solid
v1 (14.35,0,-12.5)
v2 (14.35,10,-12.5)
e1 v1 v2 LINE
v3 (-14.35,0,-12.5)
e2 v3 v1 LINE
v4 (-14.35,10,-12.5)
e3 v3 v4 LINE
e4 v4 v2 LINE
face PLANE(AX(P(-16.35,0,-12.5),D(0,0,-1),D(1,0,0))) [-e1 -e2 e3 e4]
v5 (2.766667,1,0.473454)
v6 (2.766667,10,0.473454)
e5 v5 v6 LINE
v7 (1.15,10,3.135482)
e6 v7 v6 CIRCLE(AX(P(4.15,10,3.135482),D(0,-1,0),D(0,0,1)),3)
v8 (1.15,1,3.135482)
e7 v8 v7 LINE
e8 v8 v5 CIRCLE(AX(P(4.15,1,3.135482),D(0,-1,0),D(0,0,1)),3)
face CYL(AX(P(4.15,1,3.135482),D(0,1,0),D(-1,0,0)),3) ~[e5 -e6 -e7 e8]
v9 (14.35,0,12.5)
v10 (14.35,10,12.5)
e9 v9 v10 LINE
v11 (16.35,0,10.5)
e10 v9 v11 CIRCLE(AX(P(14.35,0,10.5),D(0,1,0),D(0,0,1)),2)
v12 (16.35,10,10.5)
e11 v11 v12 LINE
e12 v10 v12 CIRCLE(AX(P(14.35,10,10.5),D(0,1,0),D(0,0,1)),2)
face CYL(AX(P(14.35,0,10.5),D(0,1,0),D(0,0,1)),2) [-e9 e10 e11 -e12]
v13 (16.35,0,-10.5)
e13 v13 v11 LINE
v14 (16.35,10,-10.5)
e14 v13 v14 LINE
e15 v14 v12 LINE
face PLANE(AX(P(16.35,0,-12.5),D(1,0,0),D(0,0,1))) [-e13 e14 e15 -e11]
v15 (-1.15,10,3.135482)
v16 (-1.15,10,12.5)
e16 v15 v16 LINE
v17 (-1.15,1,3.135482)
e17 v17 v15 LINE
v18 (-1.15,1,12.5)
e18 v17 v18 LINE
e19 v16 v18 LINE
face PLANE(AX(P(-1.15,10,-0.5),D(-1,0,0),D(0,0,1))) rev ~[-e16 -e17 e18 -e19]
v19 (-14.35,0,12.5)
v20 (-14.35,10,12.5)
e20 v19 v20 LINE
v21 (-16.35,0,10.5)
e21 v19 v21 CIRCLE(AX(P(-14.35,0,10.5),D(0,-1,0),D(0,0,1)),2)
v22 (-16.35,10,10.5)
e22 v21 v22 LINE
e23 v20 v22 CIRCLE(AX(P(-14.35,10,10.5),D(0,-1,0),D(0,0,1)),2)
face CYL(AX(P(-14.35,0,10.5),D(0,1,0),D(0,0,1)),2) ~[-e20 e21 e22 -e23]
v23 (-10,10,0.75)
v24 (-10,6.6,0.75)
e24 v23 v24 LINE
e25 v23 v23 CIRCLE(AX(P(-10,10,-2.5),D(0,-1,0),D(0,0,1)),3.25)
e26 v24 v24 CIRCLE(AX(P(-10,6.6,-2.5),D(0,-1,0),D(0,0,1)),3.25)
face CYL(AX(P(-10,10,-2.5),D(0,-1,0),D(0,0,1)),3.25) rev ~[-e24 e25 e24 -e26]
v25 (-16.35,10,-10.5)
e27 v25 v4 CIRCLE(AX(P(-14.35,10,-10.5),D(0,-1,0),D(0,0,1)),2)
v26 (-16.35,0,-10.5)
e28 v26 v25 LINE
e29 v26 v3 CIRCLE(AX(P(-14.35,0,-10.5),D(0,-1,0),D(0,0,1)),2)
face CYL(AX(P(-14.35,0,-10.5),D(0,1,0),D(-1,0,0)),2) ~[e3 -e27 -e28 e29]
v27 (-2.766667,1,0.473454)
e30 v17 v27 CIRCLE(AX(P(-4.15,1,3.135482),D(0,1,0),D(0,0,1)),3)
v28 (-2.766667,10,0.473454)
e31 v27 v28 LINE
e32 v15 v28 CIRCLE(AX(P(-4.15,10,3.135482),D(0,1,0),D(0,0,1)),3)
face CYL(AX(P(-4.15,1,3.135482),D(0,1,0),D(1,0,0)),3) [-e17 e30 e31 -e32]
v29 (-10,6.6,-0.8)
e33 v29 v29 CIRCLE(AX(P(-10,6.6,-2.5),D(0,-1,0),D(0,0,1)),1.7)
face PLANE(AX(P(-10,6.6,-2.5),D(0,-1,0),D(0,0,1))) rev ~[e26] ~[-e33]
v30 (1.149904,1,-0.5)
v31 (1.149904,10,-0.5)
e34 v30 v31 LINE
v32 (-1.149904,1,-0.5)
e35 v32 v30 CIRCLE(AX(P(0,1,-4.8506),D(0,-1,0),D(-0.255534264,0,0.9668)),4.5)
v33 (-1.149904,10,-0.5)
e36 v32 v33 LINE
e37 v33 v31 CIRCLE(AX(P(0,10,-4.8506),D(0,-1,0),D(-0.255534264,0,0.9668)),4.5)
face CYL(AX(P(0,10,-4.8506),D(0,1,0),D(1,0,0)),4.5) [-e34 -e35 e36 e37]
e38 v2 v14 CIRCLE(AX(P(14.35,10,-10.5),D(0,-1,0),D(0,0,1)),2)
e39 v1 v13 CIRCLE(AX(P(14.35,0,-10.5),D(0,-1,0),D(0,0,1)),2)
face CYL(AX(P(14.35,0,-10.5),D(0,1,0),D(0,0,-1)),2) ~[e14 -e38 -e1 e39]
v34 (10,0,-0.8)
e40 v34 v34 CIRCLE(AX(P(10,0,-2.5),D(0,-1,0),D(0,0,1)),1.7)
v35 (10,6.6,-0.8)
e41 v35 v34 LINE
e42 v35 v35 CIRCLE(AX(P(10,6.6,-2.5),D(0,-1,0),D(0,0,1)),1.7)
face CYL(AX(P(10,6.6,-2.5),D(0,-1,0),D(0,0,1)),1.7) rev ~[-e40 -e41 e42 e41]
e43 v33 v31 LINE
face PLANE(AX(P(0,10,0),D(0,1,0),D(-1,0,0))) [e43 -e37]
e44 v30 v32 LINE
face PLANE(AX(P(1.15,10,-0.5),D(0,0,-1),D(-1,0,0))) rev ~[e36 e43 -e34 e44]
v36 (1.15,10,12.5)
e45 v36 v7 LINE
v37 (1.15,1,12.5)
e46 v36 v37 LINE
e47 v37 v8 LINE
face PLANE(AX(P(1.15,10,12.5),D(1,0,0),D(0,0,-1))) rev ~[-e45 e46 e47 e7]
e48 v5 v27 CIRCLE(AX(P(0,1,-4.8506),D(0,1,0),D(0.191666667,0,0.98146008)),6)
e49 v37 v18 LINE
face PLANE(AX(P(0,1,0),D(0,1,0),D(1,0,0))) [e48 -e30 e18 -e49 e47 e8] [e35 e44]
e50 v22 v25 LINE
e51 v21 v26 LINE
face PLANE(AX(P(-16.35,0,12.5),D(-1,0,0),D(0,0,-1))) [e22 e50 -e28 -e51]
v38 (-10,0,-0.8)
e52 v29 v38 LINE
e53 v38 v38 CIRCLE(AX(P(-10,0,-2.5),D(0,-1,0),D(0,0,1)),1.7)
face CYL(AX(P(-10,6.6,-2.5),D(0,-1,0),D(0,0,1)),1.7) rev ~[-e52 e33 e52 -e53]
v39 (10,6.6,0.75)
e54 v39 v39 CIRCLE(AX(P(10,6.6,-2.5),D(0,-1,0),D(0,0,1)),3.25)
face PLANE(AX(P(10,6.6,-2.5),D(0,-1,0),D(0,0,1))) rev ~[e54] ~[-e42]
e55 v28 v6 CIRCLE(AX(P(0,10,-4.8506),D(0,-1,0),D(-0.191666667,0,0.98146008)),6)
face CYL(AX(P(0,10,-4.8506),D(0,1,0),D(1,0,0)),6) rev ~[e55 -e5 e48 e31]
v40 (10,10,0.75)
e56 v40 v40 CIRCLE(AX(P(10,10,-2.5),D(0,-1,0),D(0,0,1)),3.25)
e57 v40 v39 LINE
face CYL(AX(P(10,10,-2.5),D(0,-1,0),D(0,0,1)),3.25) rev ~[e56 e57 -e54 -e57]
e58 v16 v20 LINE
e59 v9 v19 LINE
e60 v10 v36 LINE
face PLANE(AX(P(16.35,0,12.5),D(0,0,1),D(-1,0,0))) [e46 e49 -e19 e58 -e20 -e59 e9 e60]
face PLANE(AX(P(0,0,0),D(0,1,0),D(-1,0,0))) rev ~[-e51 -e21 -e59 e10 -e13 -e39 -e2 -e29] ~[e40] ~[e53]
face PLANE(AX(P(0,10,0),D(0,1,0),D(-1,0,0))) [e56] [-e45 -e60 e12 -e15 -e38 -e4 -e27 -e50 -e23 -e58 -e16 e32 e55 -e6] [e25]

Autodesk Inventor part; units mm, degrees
ref_plane "YZ Plane" through (0, 0, 0) normal (1, 0, 0) x (0, 1, 0)
ref_plane "XZ Plane" through (0, 0, 0) normal (0, 1, 0) x (-1, 0, 0)
ref_plane "XY Plane" through (0, 0, 0) normal (0, 0, 1) x (1, 0, 0)
sketch "Skizze1" plane through (0, 0, 0) normal (0, 1, 0) x (-1, 0, 0)
  line L0 (-16.35, 12.5) -> (16.35, 12.5)
  line L1 (16.35, 12.5) -> (16.35, -12.5)
  line L2 (16.35, -12.5) -> (-16.35, -12.5)
  line L3 (-16.35, -12.5) -> (-16.35, 12.5)
  line L4 (-16.35, 12.5) -> (16.35, -12.5) construction
  line L5 (16.35, 12.5) -> (-16.35, -12.5) construction
  point P0 (0, 0)
  dimension "d0" = 32.7
  dimension "d1" = 25
extrude "Extrusion1" add sketch "Skizze1" along normal blind 10
sketch "Skizze3" plane through (0, 10, 0) normal (0, 1, 0) x (1, 0, 0)
  line L0 (0, 17.5) -> (0, -17.5) projected
  line L1 (-16.35, -12.5) -> (16.35, -12.5) projected
  line L2 (-1.15, -12.5) -> (1.15, -12.5)
  line L3 (1.15, -12.5) -> (1.15, 0.5)
  line L4 (1.15, 0.5) -> (-1.15, 0.5)
  line L5 (-1.15, 0.5) -> (-1.15, -12.5)
  point P0 (0, 0)
  point P1 (1.15, -12.5)
  dimension "d11" = 2.3
  dimension "d12" = 13
extrude "Extrusion2" cut sketch "Skizze3" against normal blind 9
sketch "Skizze4" plane through (0, 10, 0) normal (0, 1, 0) x (1, 0, 0)
  line L0 (-1.15, -12.5) -> (-1.15, 0.5) projected
  circle A0 centre (0, 4.8506) radius 4.5
  line L1 (0, 17.5) -> (0, -17.5) projected
  circle A1 centre (0, 4.8506) radius 6
  point P0 (0, 0)
  point P1 (-1.15, -1.0382)
  point P2 (0, 0.3506)
  point P3 (0, 10.8506)
  point P4 (0, 9.3506)
  point P5 (0, -1.1494)
  dimension "d16" = 9
  dimension "d17" = 1.5
extrude "Extrusion3" cut sketch "Skizze4" against normal up to surface (9 mm away) contours A1 L1 A0 L0 | L0 A0 L1 A1 | A1 L1 A0
fillet "Rundung1" radius 3 2 edges at (-1.15, 5.5, 1.0382) (1.15, 5.5, 1.0382)
sketch "Skizze5" plane through (0, 10, 0) normal (0, 1, 0) x (1, 0, 0)
  line L0 (0, 17.5) -> (0, -17.5) projected
  line L1 (16.35, 12.5) -> (-16.35, 12.5) projected
  point P0 (0, 0)
  point P1 (-10, 2.5)
  point P2 (10, 2.5)
  dimension "d21" = 10
  dimension "d22" = 20
hole "Bohrung2" at (-10, 10, -2.5) at (10, 10, -2.5) direction (0, -1, 0) diameter 3.4 end through all counterbore diameter 6.5 counterbore depth 3.4 clearance for "Inbusschraube ISO 4762" size "M3" standard "ISO"
fillet "Rundung2" radius 2 4 edges at (16.35, 5, 12.5) (16.35, 5, -12.5) (-16.35, 5, -12.5) (-16.35, 5, 12.5)
properties part number "19_Belt_holder" material "PET-Kunststoff"
